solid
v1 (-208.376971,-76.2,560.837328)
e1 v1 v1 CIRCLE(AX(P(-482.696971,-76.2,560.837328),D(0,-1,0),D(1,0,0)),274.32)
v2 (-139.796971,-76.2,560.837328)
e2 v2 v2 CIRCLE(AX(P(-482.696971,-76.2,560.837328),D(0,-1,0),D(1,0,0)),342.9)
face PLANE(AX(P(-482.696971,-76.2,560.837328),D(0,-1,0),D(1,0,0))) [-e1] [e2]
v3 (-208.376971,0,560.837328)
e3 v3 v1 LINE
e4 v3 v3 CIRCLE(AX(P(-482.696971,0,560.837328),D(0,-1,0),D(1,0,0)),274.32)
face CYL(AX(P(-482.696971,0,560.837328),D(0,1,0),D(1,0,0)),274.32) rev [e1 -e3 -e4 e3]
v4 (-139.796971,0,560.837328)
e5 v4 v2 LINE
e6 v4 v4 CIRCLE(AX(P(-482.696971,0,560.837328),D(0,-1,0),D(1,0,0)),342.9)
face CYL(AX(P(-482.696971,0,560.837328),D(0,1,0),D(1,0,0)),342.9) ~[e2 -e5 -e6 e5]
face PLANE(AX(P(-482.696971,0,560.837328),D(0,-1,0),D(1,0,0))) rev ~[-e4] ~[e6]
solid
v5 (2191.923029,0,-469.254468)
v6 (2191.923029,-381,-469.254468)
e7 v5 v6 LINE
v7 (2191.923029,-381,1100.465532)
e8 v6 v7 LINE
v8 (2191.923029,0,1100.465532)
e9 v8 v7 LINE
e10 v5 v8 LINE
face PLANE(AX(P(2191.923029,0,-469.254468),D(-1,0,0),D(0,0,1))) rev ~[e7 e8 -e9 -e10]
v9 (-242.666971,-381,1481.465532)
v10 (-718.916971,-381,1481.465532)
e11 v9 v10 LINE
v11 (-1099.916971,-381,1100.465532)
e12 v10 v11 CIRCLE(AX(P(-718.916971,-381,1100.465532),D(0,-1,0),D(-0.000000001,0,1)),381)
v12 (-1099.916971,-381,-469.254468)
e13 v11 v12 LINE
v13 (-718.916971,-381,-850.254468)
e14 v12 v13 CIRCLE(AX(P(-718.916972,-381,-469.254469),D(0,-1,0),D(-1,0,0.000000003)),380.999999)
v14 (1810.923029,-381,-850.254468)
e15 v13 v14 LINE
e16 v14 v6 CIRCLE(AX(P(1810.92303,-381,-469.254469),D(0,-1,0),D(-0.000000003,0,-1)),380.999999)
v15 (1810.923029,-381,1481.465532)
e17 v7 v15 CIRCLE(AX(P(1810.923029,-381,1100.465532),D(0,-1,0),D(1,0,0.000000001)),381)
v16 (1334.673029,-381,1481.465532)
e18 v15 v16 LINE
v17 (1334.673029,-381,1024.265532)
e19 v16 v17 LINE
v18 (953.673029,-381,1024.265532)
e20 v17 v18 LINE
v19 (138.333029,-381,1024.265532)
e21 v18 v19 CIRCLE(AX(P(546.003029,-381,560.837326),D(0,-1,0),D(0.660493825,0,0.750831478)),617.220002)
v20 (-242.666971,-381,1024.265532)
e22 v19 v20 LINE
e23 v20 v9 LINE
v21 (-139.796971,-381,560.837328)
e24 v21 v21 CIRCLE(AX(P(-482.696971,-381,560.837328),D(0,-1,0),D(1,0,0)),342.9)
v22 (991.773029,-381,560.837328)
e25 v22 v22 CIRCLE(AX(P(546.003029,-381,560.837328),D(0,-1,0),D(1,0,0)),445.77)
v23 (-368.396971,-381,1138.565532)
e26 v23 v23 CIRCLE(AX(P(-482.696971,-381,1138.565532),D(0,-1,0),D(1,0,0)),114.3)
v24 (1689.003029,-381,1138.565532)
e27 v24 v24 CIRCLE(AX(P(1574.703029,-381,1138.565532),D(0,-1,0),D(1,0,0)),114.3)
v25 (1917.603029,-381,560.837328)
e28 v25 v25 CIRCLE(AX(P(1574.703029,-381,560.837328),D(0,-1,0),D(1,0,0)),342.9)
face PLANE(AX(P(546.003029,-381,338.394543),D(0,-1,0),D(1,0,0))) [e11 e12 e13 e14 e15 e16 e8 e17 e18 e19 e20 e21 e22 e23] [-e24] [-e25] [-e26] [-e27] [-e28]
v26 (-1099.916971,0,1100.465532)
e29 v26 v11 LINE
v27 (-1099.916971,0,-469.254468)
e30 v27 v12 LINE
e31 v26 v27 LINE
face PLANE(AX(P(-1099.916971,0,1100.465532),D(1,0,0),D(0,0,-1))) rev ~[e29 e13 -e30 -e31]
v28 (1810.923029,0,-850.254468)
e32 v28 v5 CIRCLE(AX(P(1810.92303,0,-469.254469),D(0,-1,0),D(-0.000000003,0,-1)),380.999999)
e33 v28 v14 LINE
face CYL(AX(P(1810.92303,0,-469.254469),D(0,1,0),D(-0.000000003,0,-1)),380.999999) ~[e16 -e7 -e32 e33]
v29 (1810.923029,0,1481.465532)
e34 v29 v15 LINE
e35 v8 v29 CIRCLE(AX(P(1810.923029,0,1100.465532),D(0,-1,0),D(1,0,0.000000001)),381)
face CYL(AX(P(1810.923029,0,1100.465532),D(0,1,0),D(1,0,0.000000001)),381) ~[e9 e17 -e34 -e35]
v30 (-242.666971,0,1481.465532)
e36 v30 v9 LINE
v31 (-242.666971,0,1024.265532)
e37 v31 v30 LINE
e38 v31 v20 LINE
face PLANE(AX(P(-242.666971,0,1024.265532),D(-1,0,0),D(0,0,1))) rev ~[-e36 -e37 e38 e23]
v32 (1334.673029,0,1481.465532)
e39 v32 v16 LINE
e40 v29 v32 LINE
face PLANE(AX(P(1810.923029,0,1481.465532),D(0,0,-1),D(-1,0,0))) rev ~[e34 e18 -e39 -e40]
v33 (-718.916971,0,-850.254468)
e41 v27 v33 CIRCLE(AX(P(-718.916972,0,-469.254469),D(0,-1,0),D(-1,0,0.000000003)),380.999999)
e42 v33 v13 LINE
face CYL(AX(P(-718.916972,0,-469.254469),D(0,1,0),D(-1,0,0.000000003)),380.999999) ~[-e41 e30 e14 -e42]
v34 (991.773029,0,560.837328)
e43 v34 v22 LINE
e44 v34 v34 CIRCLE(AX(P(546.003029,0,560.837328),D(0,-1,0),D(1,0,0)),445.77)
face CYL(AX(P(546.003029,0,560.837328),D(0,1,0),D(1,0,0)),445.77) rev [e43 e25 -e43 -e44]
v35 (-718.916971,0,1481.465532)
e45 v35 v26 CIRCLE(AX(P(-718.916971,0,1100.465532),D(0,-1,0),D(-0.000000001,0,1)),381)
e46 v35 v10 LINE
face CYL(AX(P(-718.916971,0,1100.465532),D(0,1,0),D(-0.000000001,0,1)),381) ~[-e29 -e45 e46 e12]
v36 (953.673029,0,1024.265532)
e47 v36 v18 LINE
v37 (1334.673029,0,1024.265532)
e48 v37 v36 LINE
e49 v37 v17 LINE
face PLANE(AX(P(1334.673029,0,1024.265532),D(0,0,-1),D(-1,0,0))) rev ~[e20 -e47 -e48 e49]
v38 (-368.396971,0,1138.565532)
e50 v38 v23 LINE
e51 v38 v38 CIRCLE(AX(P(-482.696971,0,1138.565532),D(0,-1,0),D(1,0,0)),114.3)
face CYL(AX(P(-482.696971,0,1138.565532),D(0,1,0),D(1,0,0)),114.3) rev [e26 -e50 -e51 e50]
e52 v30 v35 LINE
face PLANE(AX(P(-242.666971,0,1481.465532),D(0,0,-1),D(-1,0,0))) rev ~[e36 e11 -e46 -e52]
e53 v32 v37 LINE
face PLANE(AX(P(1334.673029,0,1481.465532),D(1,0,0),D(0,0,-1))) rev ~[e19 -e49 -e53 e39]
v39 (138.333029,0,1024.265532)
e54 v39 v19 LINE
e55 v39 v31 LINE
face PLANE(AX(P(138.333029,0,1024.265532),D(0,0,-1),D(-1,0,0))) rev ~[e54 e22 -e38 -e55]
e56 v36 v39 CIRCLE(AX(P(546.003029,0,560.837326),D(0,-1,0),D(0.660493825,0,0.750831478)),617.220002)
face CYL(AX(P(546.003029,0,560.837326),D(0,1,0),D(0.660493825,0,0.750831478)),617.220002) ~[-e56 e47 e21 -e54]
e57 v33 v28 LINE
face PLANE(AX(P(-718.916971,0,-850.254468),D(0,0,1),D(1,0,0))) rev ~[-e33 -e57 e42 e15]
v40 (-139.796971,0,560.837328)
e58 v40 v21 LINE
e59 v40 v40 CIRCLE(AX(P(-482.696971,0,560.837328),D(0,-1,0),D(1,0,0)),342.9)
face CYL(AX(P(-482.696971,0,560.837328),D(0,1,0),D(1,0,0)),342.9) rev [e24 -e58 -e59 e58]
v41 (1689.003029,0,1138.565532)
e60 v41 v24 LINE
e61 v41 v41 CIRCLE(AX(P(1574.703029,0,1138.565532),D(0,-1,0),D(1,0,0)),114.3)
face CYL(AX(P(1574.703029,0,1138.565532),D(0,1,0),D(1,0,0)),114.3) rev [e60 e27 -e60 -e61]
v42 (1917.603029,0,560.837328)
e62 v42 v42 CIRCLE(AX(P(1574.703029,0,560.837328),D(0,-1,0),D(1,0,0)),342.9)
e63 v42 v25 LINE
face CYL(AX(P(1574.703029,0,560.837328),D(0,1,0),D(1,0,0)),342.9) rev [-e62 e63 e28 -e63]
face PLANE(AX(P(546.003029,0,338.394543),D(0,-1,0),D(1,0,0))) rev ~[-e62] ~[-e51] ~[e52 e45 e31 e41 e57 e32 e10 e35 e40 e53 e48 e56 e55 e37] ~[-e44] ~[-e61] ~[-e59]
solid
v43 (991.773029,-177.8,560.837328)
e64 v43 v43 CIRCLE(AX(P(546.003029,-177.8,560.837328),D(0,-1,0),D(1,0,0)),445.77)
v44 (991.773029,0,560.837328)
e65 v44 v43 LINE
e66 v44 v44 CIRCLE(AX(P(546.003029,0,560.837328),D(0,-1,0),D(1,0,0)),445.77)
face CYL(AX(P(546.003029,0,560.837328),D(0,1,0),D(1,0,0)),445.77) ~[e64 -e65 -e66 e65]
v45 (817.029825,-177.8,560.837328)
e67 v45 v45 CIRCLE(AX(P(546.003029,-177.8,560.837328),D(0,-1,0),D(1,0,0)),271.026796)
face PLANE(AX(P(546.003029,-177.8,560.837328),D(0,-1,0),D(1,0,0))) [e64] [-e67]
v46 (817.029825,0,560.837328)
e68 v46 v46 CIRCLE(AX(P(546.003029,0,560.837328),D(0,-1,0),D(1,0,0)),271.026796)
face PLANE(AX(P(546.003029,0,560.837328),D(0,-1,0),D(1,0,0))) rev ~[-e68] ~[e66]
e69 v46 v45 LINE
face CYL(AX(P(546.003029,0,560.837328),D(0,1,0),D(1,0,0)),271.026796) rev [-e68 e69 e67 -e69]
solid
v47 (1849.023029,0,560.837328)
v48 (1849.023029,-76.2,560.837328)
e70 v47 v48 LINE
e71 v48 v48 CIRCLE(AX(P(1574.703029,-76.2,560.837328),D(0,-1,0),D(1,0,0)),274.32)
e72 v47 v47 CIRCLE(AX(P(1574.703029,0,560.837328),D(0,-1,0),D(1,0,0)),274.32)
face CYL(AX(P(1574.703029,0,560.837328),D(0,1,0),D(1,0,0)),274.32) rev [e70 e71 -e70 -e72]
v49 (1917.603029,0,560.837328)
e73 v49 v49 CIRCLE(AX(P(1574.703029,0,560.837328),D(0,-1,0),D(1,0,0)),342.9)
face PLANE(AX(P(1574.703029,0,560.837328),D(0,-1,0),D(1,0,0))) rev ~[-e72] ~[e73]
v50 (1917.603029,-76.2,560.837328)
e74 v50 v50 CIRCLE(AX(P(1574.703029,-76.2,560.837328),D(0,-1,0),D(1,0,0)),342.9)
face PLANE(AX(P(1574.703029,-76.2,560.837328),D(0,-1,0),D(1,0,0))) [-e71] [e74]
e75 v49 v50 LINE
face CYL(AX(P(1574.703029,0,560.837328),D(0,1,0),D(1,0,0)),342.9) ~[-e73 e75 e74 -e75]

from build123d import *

# Parameters (mm, degrees)
F0_R     = 342.9
F0_R_2   = 274.32
F1_DEPTH = 76.2
F0_R_3   = 445.77
F0_R_4   = 271.026796
F2_DEPTH = 177.8
F0_R_5   = 114.3
F3_DEPTH = 381


with BuildPart() as f1:
    # F0 (on Front) → F1 (new body)
    with BuildSketch(Plane.XZ):
        with Locations((-482.696971, 560.837328)):
            Circle(F0_R)
        with Locations((-482.696971, 560.837328)):
            Circle(F0_R_2, mode=Mode.SUBTRACT)
        with Locations((1574.703029, 560.837328)):
            Circle(F0_R)
        with Locations((1574.703029, 560.837328)):
            Circle(F0_R_2, mode=Mode.SUBTRACT)
    extrude(amount=F1_DEPTH)


with BuildPart() as f2:
    # F0 (on Front) → F2 (new body)
    with BuildSketch(Plane.XZ):
        with Locations((546.003029, 560.837328)):
            Circle(F0_R_3)
        with Locations((546.003029, 560.837328)):
            Circle(F0_R_4, mode=Mode.SUBTRACT)
    extrude(amount=F2_DEPTH)


with BuildPart() as f3:
    # F0 (on Front) → F3 (new body)
    with BuildSketch(Plane.XZ):
        with BuildLine():
            Line((2191.923029, -469.254468), (2191.923029, 1100.465532))
            ThreePointArc((2191.923029, 1100.465532), (2080.330713, 1369.873215), (1810.923029, 1481.465532))
            Line((1810.923029, 1481.465532), (1498.286486, 1481.465532))
            Line((1498.286486, 1481.465532), (1334.673029, 1481.465532))
            Line((1334.673029, 1481.465532), (1334.673029, 1024.265532))
            Line((1334.673029, 1024.265532), (953.673029, 1024.265532))
            ThreePointArc((953.673029, 1024.265532), (546.003029, 1178.057328), (138.333029, 1024.265532))
            Line((138.333029, 1024.265532), (-242.666971, 1024.265532))
            Line((-242.666971, 1024.265532), (-242.666971, 1481.465532))
            Line((-242.666971, 1481.465532), (-718.916971, 1481.465532))
            ThreePointArc((-718.916971, 1481.465532), (-988.324655, 1369.873215), (-1099.916971, 1100.465532))
            Line((-1099.916971, 1100.465532), (-1099.916971, -469.254468))
            ThreePointArc((-1099.916971, -469.254468), (-988.324655, -738.662152), (-718.916971, -850.254468))
            Line((-718.916971, -850.254468), (1810.923029, -850.254468))
            ThreePointArc((1810.923029, -850.254468), (2080.330713, -738.662152), (2191.923029, -469.254468))
        make_face()
        with Locations((-482.696971, 560.837328)):
            Circle(F0_R, mode=Mode.SUBTRACT)
        with Locations((546.003029, 560.837328)):
            Circle(F0_R_3, mode=Mode.SUBTRACT)
        with Locations((-482.696971, 1138.565532)):
            Circle(F0_R_5, mode=Mode.SUBTRACT)
        with Locations((1574.703029, 560.837328)):
            Circle(F0_R, mode=Mode.SUBTRACT)
        with Locations((1574.703029, 1138.565532)):
            Circle(F0_R_5, mode=Mode.SUBTRACT)
    extrude(amount=F3_DEPTH)


solid = Compound([f1.part, f2.part, f3.part])
